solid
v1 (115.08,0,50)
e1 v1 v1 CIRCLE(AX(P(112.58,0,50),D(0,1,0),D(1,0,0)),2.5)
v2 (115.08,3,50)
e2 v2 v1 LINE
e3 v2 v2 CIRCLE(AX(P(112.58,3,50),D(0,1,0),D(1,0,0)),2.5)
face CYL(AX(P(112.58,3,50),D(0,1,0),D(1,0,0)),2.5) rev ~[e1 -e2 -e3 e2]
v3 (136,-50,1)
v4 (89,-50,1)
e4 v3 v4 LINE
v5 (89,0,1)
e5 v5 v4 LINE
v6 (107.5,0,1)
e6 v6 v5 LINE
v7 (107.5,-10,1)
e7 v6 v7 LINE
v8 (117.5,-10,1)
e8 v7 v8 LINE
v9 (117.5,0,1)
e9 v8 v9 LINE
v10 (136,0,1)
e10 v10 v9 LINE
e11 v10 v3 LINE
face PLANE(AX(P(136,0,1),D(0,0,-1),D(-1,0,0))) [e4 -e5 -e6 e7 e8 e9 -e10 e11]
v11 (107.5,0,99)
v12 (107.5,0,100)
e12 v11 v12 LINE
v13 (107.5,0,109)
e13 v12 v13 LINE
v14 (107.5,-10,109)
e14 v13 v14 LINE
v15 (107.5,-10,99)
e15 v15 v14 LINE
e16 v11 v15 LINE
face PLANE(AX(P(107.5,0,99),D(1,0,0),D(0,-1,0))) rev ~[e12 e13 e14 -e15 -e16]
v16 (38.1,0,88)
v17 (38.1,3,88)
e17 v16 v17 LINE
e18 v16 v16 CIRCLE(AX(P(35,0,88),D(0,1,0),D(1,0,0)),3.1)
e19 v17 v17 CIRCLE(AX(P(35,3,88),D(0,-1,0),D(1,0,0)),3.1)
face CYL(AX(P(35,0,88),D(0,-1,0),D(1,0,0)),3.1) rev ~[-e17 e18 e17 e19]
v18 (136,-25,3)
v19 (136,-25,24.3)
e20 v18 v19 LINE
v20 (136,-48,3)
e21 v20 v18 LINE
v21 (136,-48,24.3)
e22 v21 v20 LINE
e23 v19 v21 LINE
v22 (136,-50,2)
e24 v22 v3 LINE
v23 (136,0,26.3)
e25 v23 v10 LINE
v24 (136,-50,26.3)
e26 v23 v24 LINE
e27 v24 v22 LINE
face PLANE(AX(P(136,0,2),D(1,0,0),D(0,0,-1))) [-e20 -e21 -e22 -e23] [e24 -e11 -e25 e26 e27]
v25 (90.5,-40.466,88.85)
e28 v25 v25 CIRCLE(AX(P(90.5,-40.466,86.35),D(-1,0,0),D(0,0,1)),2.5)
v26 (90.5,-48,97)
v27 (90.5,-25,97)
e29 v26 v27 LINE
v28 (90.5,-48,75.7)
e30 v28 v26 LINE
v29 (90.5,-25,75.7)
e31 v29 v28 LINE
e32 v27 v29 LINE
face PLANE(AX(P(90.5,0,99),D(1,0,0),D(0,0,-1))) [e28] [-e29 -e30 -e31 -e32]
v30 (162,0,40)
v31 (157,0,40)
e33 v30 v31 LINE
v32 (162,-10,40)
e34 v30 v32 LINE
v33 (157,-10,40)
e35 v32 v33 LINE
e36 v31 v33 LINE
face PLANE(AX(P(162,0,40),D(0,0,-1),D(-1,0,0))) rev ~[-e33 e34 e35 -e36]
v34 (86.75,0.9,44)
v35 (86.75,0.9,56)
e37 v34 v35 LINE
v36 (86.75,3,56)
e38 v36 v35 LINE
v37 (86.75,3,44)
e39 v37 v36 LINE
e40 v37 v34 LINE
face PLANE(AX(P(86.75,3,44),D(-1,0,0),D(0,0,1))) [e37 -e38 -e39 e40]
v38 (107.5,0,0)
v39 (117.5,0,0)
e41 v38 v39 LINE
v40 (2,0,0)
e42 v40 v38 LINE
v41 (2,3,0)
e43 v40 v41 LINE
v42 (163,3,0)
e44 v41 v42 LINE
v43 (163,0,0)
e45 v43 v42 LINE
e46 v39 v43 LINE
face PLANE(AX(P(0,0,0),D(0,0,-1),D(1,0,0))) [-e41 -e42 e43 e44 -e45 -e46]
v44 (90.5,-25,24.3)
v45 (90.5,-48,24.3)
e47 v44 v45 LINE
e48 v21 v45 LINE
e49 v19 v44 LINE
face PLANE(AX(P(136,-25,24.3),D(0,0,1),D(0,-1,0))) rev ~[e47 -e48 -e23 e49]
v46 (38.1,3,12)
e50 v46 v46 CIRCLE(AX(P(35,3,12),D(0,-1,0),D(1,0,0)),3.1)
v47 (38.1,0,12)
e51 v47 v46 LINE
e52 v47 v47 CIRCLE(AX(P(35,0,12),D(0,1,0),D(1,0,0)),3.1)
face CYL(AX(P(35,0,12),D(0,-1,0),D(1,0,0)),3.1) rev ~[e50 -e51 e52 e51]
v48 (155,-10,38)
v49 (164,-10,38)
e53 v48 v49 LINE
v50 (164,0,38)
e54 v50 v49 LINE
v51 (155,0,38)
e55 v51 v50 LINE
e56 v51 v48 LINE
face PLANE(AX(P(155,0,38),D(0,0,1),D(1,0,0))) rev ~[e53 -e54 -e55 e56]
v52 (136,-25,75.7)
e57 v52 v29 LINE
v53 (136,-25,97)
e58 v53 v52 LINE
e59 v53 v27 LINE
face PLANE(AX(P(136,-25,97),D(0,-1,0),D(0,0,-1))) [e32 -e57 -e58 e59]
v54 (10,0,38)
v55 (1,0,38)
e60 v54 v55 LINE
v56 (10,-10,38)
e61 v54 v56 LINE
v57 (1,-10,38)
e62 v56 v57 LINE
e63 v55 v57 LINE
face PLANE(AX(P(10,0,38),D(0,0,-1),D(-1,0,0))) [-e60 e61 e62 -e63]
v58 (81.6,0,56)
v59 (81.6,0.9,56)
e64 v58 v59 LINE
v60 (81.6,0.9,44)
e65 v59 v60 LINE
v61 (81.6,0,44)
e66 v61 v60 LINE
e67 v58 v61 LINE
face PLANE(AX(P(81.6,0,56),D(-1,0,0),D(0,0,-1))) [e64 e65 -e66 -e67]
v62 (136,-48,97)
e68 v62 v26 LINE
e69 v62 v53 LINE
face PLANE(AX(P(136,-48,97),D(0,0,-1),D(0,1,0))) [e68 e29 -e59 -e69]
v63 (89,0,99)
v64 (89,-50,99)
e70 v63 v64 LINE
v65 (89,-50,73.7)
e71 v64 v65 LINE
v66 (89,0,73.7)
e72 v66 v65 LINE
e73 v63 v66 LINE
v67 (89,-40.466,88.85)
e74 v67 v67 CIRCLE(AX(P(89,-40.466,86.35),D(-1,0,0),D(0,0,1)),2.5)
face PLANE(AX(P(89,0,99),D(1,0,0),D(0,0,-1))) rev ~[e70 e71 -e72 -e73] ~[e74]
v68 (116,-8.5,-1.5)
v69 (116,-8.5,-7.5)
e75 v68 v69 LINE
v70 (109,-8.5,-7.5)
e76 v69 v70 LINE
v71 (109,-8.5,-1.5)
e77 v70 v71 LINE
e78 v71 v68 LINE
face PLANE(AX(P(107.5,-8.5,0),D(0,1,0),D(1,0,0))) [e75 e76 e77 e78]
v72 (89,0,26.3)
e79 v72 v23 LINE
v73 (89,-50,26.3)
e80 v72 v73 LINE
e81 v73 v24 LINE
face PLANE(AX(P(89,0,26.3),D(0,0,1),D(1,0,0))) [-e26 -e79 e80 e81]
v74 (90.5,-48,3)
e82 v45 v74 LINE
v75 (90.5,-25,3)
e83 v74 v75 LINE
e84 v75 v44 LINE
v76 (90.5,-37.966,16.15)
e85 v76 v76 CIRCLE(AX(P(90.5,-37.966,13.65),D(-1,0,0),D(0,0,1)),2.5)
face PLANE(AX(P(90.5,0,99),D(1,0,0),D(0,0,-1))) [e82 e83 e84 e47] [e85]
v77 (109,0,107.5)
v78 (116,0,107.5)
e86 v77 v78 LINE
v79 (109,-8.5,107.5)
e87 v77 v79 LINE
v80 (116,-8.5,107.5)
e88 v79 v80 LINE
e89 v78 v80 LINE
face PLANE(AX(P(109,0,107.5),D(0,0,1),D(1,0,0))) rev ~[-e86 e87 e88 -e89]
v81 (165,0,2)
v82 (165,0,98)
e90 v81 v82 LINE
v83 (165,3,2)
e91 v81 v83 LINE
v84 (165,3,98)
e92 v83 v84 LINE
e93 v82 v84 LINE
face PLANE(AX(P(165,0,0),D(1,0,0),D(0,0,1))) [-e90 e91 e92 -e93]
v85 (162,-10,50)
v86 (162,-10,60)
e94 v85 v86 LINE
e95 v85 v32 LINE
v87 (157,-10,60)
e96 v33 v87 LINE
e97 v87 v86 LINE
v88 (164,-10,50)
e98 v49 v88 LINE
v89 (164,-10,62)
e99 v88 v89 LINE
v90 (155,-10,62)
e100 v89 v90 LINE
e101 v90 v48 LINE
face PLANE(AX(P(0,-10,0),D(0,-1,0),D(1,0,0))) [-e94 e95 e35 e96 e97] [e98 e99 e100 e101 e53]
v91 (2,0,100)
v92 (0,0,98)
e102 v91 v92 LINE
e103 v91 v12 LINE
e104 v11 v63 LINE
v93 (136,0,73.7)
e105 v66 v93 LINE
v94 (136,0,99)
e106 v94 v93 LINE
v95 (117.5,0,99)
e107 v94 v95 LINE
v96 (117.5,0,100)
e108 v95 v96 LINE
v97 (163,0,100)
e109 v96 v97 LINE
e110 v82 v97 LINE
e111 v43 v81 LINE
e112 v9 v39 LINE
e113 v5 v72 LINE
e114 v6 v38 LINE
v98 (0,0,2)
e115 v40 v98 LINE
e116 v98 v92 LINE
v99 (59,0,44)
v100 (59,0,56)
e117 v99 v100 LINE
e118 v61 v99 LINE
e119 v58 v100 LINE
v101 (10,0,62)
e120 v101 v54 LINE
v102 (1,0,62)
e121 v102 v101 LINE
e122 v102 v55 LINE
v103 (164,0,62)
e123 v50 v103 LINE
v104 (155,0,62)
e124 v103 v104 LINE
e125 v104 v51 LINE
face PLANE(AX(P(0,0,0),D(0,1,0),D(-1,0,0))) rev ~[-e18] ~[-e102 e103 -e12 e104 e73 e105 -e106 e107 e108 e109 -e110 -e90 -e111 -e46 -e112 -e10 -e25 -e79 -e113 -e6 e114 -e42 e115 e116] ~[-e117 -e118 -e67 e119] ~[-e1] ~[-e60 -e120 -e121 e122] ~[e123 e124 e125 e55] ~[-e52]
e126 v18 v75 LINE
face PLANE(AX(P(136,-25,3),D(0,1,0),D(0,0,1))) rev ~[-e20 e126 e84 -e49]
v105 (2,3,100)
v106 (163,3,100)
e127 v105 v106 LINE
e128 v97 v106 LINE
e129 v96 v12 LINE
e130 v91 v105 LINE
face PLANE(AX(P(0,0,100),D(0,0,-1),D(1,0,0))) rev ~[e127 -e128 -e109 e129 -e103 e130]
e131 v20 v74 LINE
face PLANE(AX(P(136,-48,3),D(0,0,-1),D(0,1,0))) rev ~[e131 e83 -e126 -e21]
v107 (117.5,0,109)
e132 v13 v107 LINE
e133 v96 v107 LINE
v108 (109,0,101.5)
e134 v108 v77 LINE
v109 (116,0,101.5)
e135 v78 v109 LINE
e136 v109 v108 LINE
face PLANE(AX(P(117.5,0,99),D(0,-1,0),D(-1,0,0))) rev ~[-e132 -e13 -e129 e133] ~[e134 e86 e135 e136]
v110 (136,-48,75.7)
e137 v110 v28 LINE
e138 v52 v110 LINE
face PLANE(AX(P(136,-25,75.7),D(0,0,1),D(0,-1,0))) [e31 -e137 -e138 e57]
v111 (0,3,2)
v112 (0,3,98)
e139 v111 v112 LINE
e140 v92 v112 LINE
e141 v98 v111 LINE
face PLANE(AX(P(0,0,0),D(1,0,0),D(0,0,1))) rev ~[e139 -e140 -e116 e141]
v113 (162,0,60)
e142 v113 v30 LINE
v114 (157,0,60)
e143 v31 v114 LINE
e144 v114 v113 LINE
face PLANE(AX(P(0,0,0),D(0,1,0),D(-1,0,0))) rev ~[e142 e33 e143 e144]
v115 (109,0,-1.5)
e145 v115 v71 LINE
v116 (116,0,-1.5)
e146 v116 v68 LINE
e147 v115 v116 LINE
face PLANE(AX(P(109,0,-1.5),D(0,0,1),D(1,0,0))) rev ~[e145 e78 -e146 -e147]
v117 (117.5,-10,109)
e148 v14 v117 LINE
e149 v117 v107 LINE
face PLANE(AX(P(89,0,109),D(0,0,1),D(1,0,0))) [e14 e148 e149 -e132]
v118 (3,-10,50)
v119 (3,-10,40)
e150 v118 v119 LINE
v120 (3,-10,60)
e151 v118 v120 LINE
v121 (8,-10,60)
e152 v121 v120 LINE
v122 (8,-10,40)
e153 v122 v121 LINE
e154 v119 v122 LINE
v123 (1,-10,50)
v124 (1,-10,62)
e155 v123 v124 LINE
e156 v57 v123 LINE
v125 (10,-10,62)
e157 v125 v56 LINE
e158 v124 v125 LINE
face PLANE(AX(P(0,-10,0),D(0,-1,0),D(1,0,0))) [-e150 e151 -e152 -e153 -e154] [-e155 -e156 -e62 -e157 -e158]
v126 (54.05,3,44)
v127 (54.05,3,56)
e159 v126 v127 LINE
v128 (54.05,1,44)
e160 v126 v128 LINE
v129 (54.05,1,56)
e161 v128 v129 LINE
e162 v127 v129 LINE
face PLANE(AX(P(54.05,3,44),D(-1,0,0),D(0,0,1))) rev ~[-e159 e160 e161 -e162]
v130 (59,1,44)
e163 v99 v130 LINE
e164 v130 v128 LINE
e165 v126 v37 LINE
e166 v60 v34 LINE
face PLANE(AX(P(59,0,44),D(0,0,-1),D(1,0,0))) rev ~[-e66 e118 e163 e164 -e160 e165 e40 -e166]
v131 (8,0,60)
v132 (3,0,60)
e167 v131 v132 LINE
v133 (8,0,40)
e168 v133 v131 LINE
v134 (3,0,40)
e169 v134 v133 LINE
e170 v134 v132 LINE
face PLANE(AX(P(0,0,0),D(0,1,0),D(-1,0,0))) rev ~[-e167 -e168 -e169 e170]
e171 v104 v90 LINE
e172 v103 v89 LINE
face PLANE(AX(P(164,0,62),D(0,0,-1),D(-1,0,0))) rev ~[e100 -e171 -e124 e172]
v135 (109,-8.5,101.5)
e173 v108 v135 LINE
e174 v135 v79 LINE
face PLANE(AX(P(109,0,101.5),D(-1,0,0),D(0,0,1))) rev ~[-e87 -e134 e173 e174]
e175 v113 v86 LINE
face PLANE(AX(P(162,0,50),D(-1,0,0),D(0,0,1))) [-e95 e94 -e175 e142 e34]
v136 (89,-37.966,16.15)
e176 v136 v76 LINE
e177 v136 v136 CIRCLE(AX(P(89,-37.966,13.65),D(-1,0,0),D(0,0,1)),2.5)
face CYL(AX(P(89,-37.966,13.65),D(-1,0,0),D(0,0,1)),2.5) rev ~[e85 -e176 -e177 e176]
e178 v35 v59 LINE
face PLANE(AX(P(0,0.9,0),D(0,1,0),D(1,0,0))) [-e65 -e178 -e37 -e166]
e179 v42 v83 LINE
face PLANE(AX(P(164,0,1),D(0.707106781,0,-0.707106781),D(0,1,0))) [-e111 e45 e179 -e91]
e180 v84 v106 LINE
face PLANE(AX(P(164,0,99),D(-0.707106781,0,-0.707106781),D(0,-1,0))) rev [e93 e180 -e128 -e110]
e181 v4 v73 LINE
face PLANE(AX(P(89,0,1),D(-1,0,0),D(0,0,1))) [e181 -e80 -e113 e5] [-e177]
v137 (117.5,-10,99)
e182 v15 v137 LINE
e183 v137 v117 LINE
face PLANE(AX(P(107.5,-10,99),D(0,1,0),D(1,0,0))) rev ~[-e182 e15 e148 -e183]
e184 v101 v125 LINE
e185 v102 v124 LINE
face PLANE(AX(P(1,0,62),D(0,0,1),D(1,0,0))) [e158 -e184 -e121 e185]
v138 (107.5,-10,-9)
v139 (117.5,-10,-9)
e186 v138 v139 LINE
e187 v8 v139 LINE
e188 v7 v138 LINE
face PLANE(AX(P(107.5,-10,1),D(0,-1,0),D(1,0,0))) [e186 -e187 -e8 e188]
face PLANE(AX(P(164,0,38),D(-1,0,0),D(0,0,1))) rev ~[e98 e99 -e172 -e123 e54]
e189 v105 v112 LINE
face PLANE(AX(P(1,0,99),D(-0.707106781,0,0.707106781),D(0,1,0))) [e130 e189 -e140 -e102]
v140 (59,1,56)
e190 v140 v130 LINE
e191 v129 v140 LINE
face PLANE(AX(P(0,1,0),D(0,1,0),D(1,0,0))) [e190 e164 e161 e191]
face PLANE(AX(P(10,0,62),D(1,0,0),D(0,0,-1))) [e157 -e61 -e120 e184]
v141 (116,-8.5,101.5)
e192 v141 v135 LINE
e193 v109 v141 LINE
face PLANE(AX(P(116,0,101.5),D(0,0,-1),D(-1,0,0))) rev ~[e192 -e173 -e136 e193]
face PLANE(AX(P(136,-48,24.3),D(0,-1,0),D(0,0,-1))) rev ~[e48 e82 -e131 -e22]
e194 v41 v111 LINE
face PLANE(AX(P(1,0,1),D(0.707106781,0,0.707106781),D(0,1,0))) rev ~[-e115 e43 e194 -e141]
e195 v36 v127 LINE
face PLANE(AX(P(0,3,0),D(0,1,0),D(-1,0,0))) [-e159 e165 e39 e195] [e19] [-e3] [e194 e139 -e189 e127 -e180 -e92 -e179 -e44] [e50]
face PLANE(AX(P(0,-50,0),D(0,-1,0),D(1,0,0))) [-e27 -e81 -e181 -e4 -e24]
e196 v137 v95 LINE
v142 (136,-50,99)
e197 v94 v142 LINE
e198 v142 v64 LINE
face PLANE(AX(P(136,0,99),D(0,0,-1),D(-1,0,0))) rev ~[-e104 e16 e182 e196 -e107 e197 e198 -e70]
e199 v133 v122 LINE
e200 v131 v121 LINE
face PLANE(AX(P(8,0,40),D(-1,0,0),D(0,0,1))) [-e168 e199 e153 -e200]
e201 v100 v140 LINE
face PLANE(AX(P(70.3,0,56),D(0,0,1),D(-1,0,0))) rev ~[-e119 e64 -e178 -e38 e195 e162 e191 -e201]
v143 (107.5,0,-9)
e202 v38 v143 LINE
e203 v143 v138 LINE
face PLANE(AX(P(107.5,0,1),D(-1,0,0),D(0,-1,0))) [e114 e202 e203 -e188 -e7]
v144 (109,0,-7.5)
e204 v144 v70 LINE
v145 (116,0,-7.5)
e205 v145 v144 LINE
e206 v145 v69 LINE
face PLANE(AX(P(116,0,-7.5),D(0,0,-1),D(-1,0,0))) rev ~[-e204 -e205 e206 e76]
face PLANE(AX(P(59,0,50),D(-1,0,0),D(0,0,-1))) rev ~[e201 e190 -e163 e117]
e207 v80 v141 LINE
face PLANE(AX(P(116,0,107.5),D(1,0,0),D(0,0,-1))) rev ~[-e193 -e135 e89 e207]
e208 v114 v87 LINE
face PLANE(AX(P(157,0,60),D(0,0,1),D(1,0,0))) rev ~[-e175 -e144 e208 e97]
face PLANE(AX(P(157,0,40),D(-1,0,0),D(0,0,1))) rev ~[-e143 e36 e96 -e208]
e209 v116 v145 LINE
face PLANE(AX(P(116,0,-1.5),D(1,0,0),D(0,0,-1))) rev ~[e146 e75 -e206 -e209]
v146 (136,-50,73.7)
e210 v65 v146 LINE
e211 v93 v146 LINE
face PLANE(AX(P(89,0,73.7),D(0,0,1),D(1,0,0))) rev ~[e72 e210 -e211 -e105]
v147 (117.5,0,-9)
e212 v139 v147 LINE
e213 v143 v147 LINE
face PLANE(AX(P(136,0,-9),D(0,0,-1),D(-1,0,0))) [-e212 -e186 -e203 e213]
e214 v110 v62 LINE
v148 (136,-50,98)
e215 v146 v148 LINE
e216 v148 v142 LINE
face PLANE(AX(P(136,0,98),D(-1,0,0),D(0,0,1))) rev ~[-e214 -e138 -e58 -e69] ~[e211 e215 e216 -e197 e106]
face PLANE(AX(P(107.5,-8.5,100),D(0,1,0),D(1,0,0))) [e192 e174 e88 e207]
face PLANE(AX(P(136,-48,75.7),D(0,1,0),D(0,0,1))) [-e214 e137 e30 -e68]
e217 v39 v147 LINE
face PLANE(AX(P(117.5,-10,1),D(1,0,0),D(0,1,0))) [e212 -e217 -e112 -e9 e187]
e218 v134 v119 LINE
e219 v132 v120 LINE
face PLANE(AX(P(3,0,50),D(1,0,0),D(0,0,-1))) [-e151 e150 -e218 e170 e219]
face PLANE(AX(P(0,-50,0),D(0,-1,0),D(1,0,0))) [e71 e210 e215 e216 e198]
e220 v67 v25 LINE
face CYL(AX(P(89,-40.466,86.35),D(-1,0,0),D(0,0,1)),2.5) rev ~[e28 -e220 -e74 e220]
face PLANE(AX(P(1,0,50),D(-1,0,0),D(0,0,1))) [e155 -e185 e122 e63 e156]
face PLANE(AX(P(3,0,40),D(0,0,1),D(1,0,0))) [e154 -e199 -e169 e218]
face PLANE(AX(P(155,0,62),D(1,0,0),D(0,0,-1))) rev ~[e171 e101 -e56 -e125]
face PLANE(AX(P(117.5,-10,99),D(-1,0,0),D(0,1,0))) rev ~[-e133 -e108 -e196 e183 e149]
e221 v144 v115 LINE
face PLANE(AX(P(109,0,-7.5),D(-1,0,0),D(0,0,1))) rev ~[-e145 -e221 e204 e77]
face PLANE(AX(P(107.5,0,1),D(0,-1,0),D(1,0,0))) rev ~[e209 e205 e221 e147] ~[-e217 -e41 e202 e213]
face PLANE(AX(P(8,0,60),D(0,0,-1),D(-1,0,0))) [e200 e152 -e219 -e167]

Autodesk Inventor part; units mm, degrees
ref_plane "YZ Plane" through (0, 0, 0) normal (1, 0, 0) x (0, 1, 0)
ref_plane "XZ Plane" through (0, 0, 0) normal (0, 1, 0) x (-1, 0, 0)
ref_plane "XY Plane" through (0, 0, 0) normal (0, 0, 1) x (1, 0, 0)
sketch "Sketch1" plane through (0, 0, 0) normal (0, 1, 0) x (-1, 0, 0)
  line L0 (0, 0) -> (-165, 0)
  line L1 (-165, 0) -> (-165, 100)
  line L2 (0, 0) -> (0, 100)
  line L3 (0, 100) -> (-165, 100)
  dimension "d0" = 165
  dimension "d1" = 100
extrude "Extrusion1" add sketch "Sketch1" along normal blind 3
chamfer "Chamfer1" distance 2 angle 45 4 edges at (165, 1.5, 100) (165, 1.5, 0) (0, 1.5, 100) (0, 1.5, 0)
sketch "Sketch2" plane through (0, 0, 0) normal (0, -1, 0) x (1, 0, 0)
  line L0 (163, 100) -> (165, 98) projected
  line L1 (165, 98) -> (135, 98)
  line L2 (135, 98) -> (135, 74.7)
  line L3 (135, 98) -> (90, 98)
  line L4 (135, 74.7) -> (90, 74.7)
  line L5 (90, 74.7) -> (90, 98)
  line L6 (89, 73.7) -> (136, 73.7)
  line L7 (136, 73.7) -> (136, 99)
  line L8 (136, 99) -> (89, 99)
  line L9 (89, 99) -> (89, 73.7)
  line L10 (165, 98) -> (165, 2) projected
  line L11 (165, 2) -> (135, 2)
  line L12 (135, 2) -> (135, 25.3)
  line L13 (135, 25.3) -> (90, 25.3)
  line L14 (90, 25.3) -> (90, 2)
  line L15 (90, 2) -> (135, 2)
  line L16 (136, 26.3) -> (136, 1)
  line L17 (136, 1) -> (89, 1)
  line L18 (89, 1) -> (89, 26.3)
  line L19 (89, 26.3) -> (136, 26.3)
  point P0 (0, 0)
  dimension "d7" = 30
  dimension "d8" = 23.3
  dimension "d9" = 45
  dimension "d10" = 1
  dimension "d11" = 23.3
  dimension "d12" = 1
  dimension "d24" = 45
extrude "Extrusion2" add sketch "Sketch2" along normal blind 50 contours L2 L4 L5 L3 | L7 L6 L9 L8 | L15 L14 L13 L12 | L16 L17 L18 L19
sketch "Sketch3" plane through (136, 0, 99) normal (1, 0, 0) x (0, 0, -1)
  line L0 (72.7, 0) -> (72.7, -50) projected
  line L1 (72.7, -50) -> (72.7, -23)
  line L2 (72.7, -23) -> (98, -23)
  line L3 (98, 0) -> (98, -50) projected
  line L4 (98, -23) -> (98, -50)
  line L5 (98, -50) -> (72.7, -50)
  line L6 (96, -25) -> (74.7, -25)
  line L7 (74.7, -25) -> (74.7, -48)
  line L8 (74.7, -48) -> (96, -48)
  line L9 (96, -48) -> (96, -25)
  line L10 (25.3, 0) -> (25.3, -50) projected
  line L11 (0, -50) -> (25.3, -50)
  line L12 (25.3, -50) -> (25.3, -23)
  line L13 (25.3, -23) -> (0, -23)
  line L14 (0, -23) -> (0, -50)
  line L15 (2, -25) -> (23.3, -25)
  line L16 (23.3, -25) -> (23.3, -48)
  line L17 (23.3, -48) -> (2, -48)
  line L18 (2, -48) -> (2, -25)
  point P0 (99, 0)
  dimension "d15" = 27
  dimension "d16" = 2
  dimension "d17" = 2
extrude "Extrusion3" cut sketch "Sketch3" against normal blind 45.5 contours L9 L8 L7 L6 | L15 L16 L17 L18
sketch "Sketch4" plane through (89, 0, 1) normal (-1, 0, 0) x (0, 0, 1)
  circle A0 centre (12.65, -37.966) radius 2.5
  circle A1 centre (85.35, -40.466) radius 2.5
  point P0 (-1, 0)
  dimension "d20" = 5
  dimension "d21" = 5
extrude "Extrusion4" cut sketch "Sketch4" against normal blind 41
sketch "Sketch5" plane through (0, 0, 0) normal (0, -1, 0) x (1, 0, 0)
  line L0 (89, 1) -> (89, 26.3) projected
  line L1 (89, 73.7) -> (89, 99) projected
  line L2 (42.1762, 44) -> (98.4238, 44)
  line L3 (70.3, 44) -> (70.3, 56)
  line L4 (70.3, 56) -> (59, 56)
  line L5 (70.3, 56) -> (81.6, 56)
  line L6 (81.6, 56) -> (81.6, 44)
  line L7 (59, 56) -> (59, 44)
  line L8 (59, 50) -> (35, 50)
  line L9 (35, 50) -> (35, 12)
  line L10 (35, 50) -> (35, 88)
  circle A0 centre (35, 12) radius 3.1
  circle A1 centre (35, 88) radius 3.1
  line L11 (89, 73.7) -> (136, 73.7) projected
  line L12 (89, 73.7) -> (71, 73.7)
  point P0 (0, 0)
  point P1 (65, 50)
  point P2 (71, 50)
  point P3 (53.7, 50)
  dimension "d25" = 12
  dimension "d26" = 11.3
  dimension "d27" = 11.3
  dimension "d28" = 24
  dimension "d29" = 38
  dimension "d30" = 38
  dimension "d31" = 6.2
  dimension "d32" = 6.2
  dimension "d39" = 18
extrude "Extrusion5" cut sketch "Sketch5" against normal blind 45.5
sketch "Sketch6" plane through (0, 3, 0) normal (0, 1, 0) x (1, 0, 0)
  line L0 (59, -44) -> (81.6, -44) projected
  line L1 (70.3, -44) -> (70.3, -27.55)
  line L2 (70.3, -44) -> (86.75, -44)
  line L3 (86.75, -44) -> (86.75, -56)
  line L4 (86.75, -56) -> (70.3, -56)
  line L5 (70.3, -56) -> (70.3, -27.55)
  point P0 (0, 0)
  point P1 (71, -38.7)
  dimension "d35" = 16.45
  dimension "d36" = 16.45
extrude "Extrusion6" cut sketch "Sketch6" against normal blind 2.1
sketch "Sketch7" plane through (0, 3, 0) normal (0, 1, 0) x (1, 0, 0)
  line L0 (81.6, -44) -> (59, -44) projected
  line L1 (70.3, -44) -> (54.05, -44)
  line L2 (70.3, -44) -> (86.55, -44)
  line L3 (54.05, -44) -> (54.05, -56)
  line L4 (86.75, -56) -> (81.6, -56) projected
  line L5 (54.05, -56) -> (86.75, -56)
  line L6 (86.75, -56) -> (86.55, -44)
  point P0 (0, 0)
  dimension "d40" = 16.25
  dimension "d41" = 16.25
extrude "Extrusion7" cut sketch "Sketch7" against normal blind 2
sketch "Sketch8" plane through (0, 0, 0) normal (0, -1, 0) x (1, 0, 0)
  line L0 (0, 2) -> (0, 98) projected
  line L1 (0, 50) -> (3, 50)
  line L2 (3, 50) -> (3, 60)
  line L3 (2, 100) -> (163, 100) projected
  line L4 (3, 50) -> (3, 40)
  line L5 (3, 40) -> (8, 40)
  line L6 (8, 40) -> (8, 60)
  line L7 (8, 60) -> (3, 60)
  line L8 (10, 62) -> (10, 38)
  line L9 (10, 38) -> (1, 38)
  line L10 (1, 38) -> (1, 50)
  line L11 (1, 50) -> (1, 62)
  line L12 (1, 62) -> (10, 62)
  point P0 (0, 0)
  dimension "d44" = 3
  dimension "d45" = 10
  dimension "d46" = 10
  dimension "d47" = 5
  dimension "d48" = 2
extrude "Extrusion8" add sketch "Sketch8" along normal blind 10
sketch "Sketch9" plane through (89, 0, 99) normal (0, 0, 1) x (1, 0, 0)
  line L0 (47, 0) -> (0, 0) projected
  line L1 (23.5, 0) -> (28.5, 0)
  line L2 (23.5, 0) -> (18.5, 0)
  line L3 (18.5, 0) -> (18.5, -10)
  line L4 (18.5, -10) -> (28.5, -10)
  line L5 (28.5, -10) -> (28.5, 0)
  point P0 (-89, 0)
  dimension "d51" = 5
  dimension "d52" = 5
  dimension "d53" = 10
extrude "Extrusion9" add sketch "Sketch9" along normal blind 10
sketch "Sketch10" plane through (107.5, 0, 100) normal (0, 1, 0) x (1, 0, 0)
  line L0 (0, 0) -> (0, -9) projected
  line L1 (10, 0) -> (10, -9) projected
  line L2 (0, 0) -> (10, 0)
  line L3 (10, 0) -> (10, -9)
  line L4 (10, -9) -> (0, -9)
  line L5 (0, -9) -> (0, 0)
  line L6 (1.5, -7.5) -> (8.5, -7.5)
  line L7 (8.5, -7.5) -> (8.5, -1.5)
  line L8 (8.5, -1.5) -> (1.5, -1.5)
  line L9 (1.5, -1.5) -> (1.5, -7.5)
  point P0 (-107.5, 100)
  dimension "d56" = 1.5
extrude "Extrusion10" cut sketch "Sketch10" against normal blind 8.5 contours L9 L8 L7 L6
sketch "Sketch11" plane through (136, 0, 1) normal (0, 0, -1) x (-1, 0, 0)
  line L0 (28.5, 0) -> (28.5, -10) projected
  line L1 (28.5, 0) -> (28.5, -10)
  line L2 (18.5, -10) -> (18.5, 0) projected
  line L3 (28.5, -10) -> (18.5, -10)
  line L4 (18.5, -10) -> (18.5, 0)
  line L5 (28.5, 0) -> (18.5, 0)
  point P0 (136, 0)
extrude "Extrusion11" add sketch "Sketch11" along normal blind 10
sketch "Sketch12" plane through (107.5, 0, 0) normal (0, 1, 0) x (1, 0, 0)
  line L0 (10, 0) -> (0, 0) projected
  line L1 (0, 0) -> (0, 9) projected
  line L2 (0, 0) -> (0, 9)
  line L3 (10, 0) -> (10, 9) projected
  line L4 (0, 9) -> (10, 9)
  line L5 (10, 9) -> (10, 0)
  line L6 (10, 0) -> (0, 0)
  line L7 (8.5, 7.5) -> (1.5, 7.5)
  line L8 (1.5, 7.5) -> (1.5, 1.5)
  line L9 (1.5, 1.5) -> (8.5, 1.5)
  line L10 (8.5, 1.5) -> (8.5, 7.5)
  point P0 (-107.5, 0)
  dimension "d61" = 1.5
extrude "Extrusion12" cut sketch "Sketch12" against normal blind 8.5 contours L10 L9 L8 L7
sketch "Sketch13" plane through (0, 3, 0) normal (0, 1, 0) x (1, 0, 0)
  circle A0 centre (112.58, -50) radius 2.5
  point P0 (0, 0)
  dimension "d64" = 5
extrude "Extrusion13" cut sketch "Sketch13" against normal blind 8.5
sketch "Sketch14" plane through (0, 0, 0) normal (0, -1, 0) x (1, 0, 0)
  line L0 (165, 98) -> (165, 2) projected
  line L1 (165, 50) -> (162, 50)
  line L2 (162, 50) -> (162, 40)
  line L3 (162, 50) -> (162, 60)
  line L4 (162, 40) -> (157, 40)
  line L5 (157, 40) -> (157, 60)
  line L6 (157, 60) -> (162, 60)
  line L7 (155, 38) -> (164, 38)
  line L8 (164, 38) -> (164, 50)
  line L9 (164, 50) -> (164, 62)
  line L10 (164, 62) -> (155, 62)
  line L11 (155, 62) -> (155, 38)
  point P0 (0, 0)
  dimension "d67" = 3
  dimension "d68" = 10
  dimension "d69" = 10
  dimension "d70" = 5
  dimension "d71" = 2
extrude "Extrusion14" add sketch "Sketch14" along normal blind 10
properties part number "DesainV1.3"
